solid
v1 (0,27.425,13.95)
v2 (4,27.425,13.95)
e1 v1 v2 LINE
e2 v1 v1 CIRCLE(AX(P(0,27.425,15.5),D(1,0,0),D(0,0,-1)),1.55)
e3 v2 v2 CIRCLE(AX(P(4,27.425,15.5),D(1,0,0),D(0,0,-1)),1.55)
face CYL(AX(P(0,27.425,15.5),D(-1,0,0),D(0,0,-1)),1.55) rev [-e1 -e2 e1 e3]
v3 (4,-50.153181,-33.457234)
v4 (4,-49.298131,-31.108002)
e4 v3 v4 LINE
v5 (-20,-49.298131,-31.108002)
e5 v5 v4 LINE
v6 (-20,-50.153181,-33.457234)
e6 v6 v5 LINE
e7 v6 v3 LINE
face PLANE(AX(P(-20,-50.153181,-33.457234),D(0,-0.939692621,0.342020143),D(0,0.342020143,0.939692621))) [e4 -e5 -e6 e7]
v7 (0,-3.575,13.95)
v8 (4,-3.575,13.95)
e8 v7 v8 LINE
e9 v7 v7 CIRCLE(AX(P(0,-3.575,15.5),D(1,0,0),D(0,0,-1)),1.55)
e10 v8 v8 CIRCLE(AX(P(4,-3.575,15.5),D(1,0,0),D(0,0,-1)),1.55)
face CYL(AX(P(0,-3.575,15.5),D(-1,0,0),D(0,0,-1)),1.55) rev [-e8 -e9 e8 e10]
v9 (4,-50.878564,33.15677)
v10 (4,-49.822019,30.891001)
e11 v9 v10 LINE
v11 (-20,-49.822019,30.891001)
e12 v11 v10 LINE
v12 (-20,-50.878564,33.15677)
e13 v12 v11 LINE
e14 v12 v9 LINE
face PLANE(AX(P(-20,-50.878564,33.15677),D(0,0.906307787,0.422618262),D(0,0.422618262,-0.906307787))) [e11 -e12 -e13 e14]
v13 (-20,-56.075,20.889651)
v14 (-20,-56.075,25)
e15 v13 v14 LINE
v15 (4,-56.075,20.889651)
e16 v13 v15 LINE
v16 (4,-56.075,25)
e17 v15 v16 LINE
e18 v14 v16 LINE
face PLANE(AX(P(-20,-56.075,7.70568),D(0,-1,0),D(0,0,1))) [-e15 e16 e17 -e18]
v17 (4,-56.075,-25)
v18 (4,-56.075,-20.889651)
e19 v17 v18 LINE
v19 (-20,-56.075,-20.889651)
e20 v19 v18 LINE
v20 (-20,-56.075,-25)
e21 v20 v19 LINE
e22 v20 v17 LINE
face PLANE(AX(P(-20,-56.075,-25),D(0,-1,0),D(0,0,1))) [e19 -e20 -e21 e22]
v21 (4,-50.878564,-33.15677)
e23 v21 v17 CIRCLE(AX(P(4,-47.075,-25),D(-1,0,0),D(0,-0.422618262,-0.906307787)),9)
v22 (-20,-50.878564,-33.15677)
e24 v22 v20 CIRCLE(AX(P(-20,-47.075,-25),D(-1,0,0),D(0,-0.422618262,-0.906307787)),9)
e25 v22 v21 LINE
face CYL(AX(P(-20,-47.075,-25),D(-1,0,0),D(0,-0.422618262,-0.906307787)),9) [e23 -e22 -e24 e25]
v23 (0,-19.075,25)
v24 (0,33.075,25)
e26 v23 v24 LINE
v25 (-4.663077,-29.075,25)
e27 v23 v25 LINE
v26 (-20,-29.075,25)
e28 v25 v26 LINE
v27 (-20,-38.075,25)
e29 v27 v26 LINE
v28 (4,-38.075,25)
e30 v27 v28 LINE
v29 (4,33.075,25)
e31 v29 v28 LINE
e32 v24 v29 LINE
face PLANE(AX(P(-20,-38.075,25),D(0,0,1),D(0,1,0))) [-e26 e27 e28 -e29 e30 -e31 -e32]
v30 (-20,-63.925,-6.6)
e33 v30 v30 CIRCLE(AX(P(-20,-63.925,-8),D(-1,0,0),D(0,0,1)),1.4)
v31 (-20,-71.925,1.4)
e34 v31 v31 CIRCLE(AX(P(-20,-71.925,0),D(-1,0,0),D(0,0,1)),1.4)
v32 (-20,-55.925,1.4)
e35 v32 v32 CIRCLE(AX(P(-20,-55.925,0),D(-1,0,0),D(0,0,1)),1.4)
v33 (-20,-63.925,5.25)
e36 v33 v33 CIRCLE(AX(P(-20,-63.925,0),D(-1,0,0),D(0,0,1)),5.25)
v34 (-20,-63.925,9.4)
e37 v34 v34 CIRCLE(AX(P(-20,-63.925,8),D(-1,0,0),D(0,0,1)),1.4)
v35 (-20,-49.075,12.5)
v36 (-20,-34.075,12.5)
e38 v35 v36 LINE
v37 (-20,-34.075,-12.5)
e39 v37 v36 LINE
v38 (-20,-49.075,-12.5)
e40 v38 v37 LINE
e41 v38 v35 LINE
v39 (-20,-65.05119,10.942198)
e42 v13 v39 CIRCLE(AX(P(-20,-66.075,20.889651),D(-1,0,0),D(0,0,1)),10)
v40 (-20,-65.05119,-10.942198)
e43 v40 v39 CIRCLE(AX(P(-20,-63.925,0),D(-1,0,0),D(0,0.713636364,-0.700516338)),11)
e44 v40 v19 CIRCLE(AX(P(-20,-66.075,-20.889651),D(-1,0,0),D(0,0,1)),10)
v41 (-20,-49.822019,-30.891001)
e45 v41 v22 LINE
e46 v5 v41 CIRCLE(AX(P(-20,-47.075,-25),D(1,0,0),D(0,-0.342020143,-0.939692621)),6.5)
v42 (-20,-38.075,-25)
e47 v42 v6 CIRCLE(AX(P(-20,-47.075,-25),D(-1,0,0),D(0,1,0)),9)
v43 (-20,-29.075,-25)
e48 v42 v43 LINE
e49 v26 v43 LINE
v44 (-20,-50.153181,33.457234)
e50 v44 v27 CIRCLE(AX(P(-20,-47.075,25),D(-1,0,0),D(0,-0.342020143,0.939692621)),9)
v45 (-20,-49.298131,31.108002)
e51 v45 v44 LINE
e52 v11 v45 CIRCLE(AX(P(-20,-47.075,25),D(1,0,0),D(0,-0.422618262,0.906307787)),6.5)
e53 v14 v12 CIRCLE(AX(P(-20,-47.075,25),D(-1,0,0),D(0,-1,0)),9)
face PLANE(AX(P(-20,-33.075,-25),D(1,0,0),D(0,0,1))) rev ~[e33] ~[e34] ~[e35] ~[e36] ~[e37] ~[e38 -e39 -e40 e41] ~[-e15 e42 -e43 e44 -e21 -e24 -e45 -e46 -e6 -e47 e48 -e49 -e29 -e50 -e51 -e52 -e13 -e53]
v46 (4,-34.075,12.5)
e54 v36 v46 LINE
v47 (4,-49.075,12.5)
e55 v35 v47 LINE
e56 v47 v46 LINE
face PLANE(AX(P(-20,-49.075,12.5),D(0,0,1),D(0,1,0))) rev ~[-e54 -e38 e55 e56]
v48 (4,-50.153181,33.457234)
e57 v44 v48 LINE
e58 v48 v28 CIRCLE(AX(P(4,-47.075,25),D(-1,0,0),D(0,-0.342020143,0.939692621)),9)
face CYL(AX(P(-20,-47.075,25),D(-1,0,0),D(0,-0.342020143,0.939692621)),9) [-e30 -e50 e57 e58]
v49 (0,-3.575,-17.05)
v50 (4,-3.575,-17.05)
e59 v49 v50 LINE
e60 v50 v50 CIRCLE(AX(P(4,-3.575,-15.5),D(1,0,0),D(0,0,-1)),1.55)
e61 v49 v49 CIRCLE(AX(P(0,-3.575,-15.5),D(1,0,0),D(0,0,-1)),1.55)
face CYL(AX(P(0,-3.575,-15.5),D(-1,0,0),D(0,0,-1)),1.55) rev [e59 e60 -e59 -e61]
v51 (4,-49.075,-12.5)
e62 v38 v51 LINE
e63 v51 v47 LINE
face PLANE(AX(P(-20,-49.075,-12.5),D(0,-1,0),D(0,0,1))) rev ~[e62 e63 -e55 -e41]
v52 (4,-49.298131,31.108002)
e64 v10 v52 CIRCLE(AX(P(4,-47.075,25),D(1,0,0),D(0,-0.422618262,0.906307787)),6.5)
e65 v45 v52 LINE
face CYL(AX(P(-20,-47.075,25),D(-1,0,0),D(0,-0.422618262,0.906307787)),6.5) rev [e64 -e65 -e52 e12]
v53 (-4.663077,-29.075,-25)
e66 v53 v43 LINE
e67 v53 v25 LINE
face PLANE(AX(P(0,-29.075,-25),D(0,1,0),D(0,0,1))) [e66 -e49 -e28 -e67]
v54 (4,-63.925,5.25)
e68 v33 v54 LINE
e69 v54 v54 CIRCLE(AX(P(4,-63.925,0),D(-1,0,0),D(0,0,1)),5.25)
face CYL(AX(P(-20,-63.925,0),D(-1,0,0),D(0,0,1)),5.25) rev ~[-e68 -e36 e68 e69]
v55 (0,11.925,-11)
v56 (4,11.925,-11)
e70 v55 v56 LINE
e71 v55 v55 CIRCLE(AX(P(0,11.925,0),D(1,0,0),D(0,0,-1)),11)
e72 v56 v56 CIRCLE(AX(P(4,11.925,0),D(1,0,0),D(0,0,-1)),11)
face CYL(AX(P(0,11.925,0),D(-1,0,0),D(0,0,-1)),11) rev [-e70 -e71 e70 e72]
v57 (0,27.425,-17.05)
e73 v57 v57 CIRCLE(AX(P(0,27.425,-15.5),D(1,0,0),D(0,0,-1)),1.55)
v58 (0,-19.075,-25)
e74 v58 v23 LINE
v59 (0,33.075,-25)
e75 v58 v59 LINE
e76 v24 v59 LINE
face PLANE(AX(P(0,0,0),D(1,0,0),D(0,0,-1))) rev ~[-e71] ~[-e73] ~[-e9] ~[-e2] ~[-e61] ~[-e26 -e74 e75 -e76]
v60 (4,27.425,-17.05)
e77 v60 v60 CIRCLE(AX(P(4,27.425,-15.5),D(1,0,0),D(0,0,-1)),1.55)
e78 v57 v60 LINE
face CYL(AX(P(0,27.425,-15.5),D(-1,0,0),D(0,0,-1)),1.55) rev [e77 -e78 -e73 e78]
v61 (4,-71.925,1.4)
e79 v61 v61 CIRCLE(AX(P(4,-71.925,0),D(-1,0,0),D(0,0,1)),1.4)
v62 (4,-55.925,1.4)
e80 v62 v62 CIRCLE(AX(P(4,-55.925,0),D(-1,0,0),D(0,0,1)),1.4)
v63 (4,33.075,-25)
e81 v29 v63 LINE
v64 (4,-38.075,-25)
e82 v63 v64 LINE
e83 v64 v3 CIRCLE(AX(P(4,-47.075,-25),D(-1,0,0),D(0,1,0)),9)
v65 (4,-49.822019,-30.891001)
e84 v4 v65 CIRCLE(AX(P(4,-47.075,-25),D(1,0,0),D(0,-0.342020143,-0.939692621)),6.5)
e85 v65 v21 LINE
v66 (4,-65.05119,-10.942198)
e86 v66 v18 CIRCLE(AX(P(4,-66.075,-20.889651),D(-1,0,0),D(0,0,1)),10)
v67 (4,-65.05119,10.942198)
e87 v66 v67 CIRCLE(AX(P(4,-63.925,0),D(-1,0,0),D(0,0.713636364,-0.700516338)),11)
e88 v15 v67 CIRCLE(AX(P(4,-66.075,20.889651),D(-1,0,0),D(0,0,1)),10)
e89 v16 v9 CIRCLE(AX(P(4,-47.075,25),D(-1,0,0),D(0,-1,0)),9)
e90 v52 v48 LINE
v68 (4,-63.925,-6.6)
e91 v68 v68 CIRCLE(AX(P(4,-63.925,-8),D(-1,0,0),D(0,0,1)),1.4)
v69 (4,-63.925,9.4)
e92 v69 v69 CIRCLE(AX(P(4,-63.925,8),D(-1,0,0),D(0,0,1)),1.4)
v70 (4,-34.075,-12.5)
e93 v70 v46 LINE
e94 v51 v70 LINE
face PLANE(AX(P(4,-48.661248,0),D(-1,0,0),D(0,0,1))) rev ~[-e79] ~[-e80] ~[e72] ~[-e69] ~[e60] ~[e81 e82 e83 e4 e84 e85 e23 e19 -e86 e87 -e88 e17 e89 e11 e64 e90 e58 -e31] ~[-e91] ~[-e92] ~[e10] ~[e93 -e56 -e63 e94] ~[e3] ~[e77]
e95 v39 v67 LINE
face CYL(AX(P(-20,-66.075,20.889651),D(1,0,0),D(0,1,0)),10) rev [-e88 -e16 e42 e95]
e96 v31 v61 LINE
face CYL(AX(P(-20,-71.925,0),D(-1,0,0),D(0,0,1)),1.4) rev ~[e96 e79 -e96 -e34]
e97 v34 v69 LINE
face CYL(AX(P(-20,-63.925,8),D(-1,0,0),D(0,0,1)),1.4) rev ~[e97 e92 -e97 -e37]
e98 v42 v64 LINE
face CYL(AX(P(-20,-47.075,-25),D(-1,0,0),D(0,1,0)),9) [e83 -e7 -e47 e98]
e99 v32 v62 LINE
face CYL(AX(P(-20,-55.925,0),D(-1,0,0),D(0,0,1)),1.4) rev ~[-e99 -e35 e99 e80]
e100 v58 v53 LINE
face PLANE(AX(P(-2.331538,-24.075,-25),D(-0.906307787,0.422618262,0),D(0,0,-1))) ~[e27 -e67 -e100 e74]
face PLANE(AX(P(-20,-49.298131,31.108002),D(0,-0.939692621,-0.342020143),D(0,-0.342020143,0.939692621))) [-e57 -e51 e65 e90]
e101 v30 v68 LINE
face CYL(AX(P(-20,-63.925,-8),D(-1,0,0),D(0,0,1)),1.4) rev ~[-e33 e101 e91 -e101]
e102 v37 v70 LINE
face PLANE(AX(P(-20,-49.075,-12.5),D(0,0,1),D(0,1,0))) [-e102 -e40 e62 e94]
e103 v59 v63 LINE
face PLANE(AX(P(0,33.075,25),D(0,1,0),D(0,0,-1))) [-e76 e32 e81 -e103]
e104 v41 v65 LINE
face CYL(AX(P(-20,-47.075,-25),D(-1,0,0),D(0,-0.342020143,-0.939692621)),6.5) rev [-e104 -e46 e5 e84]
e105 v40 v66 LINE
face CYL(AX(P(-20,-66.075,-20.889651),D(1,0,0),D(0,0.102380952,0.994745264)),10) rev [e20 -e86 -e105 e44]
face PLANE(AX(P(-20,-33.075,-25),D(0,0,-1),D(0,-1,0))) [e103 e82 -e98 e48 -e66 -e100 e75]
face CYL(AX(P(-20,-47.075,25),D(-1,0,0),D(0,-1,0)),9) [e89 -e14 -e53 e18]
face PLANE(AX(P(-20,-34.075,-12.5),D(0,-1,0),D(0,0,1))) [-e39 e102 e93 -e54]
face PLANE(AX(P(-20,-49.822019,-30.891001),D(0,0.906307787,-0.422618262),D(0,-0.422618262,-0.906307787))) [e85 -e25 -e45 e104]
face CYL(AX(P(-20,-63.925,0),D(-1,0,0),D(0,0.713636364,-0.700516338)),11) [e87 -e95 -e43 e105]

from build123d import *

# Parameters (mm, degrees)
SKETCH1_W           = 50
SKETCH1_H           = 66.15
SKETCH1_R           = 11
SKETCH1_R_2         = 1.55
BOSS_EXTRUDE1_DEPTH = 4
SKETCH2_W           = 50
SKETCH2_H           = 4
BOSS_EXTRUDE2_DEPTH = 38
CHAMFER1_SIZE       = 10
CHAMFER1_SIZE2      = 4.663076582
BOSS_EXTRUDE3_START = -18
SKETCH3_R           = 5.25
SKETCH3_R_2         = 1.4
BOSS_EXTRUDE3_DEPTH = 24
SKETCH4_W           = 18
SKETCH4_H           = 50
CUT_EXTRUDE1_DEPTH  = 24
FILLET1_R           = 10
SKETCH5_W           = 25
SKETCH5_H           = 15
CUT_EXTRUDE2_DEPTH  = 86.707383725


with BuildPart() as part:
    # Sketch1 → Boss-Extrude1 (new body)
    with BuildSketch(Plane(origin=(0, 0, 0), x_dir=(0, 0, -1), z_dir=(1, 0, 0))):
        Rectangle(SKETCH1_W, SKETCH1_H)
        with Locations((0, 11.925)):
            Circle(SKETCH1_R, mode=Mode.SUBTRACT)
        with Locations((-15.5, 27.425)):
            Circle(SKETCH1_R_2, mode=Mode.SUBTRACT)
        with Locations((15.5, 27.425)):
            Circle(SKETCH1_R_2, mode=Mode.SUBTRACT)
        with Locations((15.5, -3.575)):
            Circle(SKETCH1_R_2, mode=Mode.SUBTRACT)
        with Locations((-15.5, -3.575)):
            Circle(SKETCH1_R_2, mode=Mode.SUBTRACT)
    extrude(amount=BOSS_EXTRUDE1_DEPTH)

    # Sketch2 → Boss-Extrude2 (add)
    with BuildSketch(Plane.ZY):
        with Locations((0, -31.075)):
            Rectangle(SKETCH2_W, SKETCH2_H)
    extrude(amount=BOSS_EXTRUDE2_DEPTH)

    # Chamfer1
    chamfer1_edges = [part.edges().sort_by_distance(p)[0] for p in [
        (0, -29.075, 0),
    ]]
    chamfer1_side = [part.faces().sort_by_distance(p)[0] for p in [
        (0, 0.490102601, 0),
    ]]
    chamfer(chamfer1_edges, length=CHAMFER1_SIZE, length2=CHAMFER1_SIZE2, reference=chamfer1_side[0])

    # Sketch3 → Boss-Extrude3 (add)
    with BuildSketch(Plane.ZY.offset(38).offset(BOSS_EXTRUDE3_START)):
        with BuildLine():
            Line((-25, -33.075), (-25, -38.075))
            ThreePointArc((-25, -38.075), (-32.372368399, -41.912812073), (-33.457233587, -50.15318129))
            Line((-33.457233587, -50.15318129), (-31.108002035, -49.298130932))
            ThreePointArc((-31.108002035, -49.298130932), (-18.994783039, -44.58755769), (-30.891000616, -49.822018701))
            Line((-30.891000616, -49.822018701), (-33.156770083, -50.878564356))
            ThreePointArc((-33.156770083, -50.878564356), (-29.835696475, -54.665523012), (-25, -56.075))
            Line((-25, -56.075), (-7.705679723, -56.075))
            ThreePointArc((-7.705679723, -56.075), (0, -74.925), (7.705679723, -56.075))
            Line((7.705679723, -56.075), (25, -56.075))
            ThreePointArc((25, -56.075), (29.835696475, -54.665523012), (33.156770083, -50.878564356))
            Line((33.156770083, -50.878564356), (30.891000616, -49.822018701))
            ThreePointArc((30.891000616, -49.822018701), (18.994783039, -44.58755769), (31.108002035, -49.298130932))
            Line((31.108002035, -49.298130932), (33.457233587, -50.15318129))
            ThreePointArc((33.457233587, -50.15318129), (32.372368399, -41.912812073), (25, -38.075))
            Line((25, -38.075), (25, -33.075))
            Line((25, -33.075), (-25, -33.075))
        make_face()
        with Locations((0, -63.925)):
            Circle(SKETCH3_R, mode=Mode.SUBTRACT)
        with Locations((0, -55.925)):
            Circle(SKETCH3_R_2, mode=Mode.SUBTRACT)
        with Locations((-8, -63.925)):
            Circle(SKETCH3_R_2, mode=Mode.SUBTRACT)
        with Locations((0, -71.925)):
            Circle(SKETCH3_R_2, mode=Mode.SUBTRACT)
        with Locations((8, -63.925)):
            Circle(SKETCH3_R_2, mode=Mode.SUBTRACT)
    extrude(amount=-BOSS_EXTRUDE3_DEPTH)

    # Sketch4 → Cut-Extrude1 (cut)
    with BuildSketch(Plane.XZ.offset(33.075)):
        with Locations((-29, 0)):
            Rectangle(SKETCH4_W, SKETCH4_H)
    extrude(amount=-CUT_EXTRUDE1_DEPTH, mode=Mode.SUBTRACT)

    # Fillet1
    fillet1_edges = [part.edges().sort_by_distance(p)[0] for p in [
        (-8, -56.075, -7.705679723),
        (-8, -56.075, 7.705679723),
    ]]
    fillet(fillet1_edges, radius=FILLET1_R)

    # Sketch5 → Cut-Extrude2 (cut, through all)
    with BuildSketch(Plane.ZY.offset(20)):
        with Locations((0, -41.575)):
            Rectangle(SKETCH5_W, SKETCH5_H)
    extrude(amount=-CUT_EXTRUDE2_DEPTH, mode=Mode.SUBTRACT)


solid = part.part
